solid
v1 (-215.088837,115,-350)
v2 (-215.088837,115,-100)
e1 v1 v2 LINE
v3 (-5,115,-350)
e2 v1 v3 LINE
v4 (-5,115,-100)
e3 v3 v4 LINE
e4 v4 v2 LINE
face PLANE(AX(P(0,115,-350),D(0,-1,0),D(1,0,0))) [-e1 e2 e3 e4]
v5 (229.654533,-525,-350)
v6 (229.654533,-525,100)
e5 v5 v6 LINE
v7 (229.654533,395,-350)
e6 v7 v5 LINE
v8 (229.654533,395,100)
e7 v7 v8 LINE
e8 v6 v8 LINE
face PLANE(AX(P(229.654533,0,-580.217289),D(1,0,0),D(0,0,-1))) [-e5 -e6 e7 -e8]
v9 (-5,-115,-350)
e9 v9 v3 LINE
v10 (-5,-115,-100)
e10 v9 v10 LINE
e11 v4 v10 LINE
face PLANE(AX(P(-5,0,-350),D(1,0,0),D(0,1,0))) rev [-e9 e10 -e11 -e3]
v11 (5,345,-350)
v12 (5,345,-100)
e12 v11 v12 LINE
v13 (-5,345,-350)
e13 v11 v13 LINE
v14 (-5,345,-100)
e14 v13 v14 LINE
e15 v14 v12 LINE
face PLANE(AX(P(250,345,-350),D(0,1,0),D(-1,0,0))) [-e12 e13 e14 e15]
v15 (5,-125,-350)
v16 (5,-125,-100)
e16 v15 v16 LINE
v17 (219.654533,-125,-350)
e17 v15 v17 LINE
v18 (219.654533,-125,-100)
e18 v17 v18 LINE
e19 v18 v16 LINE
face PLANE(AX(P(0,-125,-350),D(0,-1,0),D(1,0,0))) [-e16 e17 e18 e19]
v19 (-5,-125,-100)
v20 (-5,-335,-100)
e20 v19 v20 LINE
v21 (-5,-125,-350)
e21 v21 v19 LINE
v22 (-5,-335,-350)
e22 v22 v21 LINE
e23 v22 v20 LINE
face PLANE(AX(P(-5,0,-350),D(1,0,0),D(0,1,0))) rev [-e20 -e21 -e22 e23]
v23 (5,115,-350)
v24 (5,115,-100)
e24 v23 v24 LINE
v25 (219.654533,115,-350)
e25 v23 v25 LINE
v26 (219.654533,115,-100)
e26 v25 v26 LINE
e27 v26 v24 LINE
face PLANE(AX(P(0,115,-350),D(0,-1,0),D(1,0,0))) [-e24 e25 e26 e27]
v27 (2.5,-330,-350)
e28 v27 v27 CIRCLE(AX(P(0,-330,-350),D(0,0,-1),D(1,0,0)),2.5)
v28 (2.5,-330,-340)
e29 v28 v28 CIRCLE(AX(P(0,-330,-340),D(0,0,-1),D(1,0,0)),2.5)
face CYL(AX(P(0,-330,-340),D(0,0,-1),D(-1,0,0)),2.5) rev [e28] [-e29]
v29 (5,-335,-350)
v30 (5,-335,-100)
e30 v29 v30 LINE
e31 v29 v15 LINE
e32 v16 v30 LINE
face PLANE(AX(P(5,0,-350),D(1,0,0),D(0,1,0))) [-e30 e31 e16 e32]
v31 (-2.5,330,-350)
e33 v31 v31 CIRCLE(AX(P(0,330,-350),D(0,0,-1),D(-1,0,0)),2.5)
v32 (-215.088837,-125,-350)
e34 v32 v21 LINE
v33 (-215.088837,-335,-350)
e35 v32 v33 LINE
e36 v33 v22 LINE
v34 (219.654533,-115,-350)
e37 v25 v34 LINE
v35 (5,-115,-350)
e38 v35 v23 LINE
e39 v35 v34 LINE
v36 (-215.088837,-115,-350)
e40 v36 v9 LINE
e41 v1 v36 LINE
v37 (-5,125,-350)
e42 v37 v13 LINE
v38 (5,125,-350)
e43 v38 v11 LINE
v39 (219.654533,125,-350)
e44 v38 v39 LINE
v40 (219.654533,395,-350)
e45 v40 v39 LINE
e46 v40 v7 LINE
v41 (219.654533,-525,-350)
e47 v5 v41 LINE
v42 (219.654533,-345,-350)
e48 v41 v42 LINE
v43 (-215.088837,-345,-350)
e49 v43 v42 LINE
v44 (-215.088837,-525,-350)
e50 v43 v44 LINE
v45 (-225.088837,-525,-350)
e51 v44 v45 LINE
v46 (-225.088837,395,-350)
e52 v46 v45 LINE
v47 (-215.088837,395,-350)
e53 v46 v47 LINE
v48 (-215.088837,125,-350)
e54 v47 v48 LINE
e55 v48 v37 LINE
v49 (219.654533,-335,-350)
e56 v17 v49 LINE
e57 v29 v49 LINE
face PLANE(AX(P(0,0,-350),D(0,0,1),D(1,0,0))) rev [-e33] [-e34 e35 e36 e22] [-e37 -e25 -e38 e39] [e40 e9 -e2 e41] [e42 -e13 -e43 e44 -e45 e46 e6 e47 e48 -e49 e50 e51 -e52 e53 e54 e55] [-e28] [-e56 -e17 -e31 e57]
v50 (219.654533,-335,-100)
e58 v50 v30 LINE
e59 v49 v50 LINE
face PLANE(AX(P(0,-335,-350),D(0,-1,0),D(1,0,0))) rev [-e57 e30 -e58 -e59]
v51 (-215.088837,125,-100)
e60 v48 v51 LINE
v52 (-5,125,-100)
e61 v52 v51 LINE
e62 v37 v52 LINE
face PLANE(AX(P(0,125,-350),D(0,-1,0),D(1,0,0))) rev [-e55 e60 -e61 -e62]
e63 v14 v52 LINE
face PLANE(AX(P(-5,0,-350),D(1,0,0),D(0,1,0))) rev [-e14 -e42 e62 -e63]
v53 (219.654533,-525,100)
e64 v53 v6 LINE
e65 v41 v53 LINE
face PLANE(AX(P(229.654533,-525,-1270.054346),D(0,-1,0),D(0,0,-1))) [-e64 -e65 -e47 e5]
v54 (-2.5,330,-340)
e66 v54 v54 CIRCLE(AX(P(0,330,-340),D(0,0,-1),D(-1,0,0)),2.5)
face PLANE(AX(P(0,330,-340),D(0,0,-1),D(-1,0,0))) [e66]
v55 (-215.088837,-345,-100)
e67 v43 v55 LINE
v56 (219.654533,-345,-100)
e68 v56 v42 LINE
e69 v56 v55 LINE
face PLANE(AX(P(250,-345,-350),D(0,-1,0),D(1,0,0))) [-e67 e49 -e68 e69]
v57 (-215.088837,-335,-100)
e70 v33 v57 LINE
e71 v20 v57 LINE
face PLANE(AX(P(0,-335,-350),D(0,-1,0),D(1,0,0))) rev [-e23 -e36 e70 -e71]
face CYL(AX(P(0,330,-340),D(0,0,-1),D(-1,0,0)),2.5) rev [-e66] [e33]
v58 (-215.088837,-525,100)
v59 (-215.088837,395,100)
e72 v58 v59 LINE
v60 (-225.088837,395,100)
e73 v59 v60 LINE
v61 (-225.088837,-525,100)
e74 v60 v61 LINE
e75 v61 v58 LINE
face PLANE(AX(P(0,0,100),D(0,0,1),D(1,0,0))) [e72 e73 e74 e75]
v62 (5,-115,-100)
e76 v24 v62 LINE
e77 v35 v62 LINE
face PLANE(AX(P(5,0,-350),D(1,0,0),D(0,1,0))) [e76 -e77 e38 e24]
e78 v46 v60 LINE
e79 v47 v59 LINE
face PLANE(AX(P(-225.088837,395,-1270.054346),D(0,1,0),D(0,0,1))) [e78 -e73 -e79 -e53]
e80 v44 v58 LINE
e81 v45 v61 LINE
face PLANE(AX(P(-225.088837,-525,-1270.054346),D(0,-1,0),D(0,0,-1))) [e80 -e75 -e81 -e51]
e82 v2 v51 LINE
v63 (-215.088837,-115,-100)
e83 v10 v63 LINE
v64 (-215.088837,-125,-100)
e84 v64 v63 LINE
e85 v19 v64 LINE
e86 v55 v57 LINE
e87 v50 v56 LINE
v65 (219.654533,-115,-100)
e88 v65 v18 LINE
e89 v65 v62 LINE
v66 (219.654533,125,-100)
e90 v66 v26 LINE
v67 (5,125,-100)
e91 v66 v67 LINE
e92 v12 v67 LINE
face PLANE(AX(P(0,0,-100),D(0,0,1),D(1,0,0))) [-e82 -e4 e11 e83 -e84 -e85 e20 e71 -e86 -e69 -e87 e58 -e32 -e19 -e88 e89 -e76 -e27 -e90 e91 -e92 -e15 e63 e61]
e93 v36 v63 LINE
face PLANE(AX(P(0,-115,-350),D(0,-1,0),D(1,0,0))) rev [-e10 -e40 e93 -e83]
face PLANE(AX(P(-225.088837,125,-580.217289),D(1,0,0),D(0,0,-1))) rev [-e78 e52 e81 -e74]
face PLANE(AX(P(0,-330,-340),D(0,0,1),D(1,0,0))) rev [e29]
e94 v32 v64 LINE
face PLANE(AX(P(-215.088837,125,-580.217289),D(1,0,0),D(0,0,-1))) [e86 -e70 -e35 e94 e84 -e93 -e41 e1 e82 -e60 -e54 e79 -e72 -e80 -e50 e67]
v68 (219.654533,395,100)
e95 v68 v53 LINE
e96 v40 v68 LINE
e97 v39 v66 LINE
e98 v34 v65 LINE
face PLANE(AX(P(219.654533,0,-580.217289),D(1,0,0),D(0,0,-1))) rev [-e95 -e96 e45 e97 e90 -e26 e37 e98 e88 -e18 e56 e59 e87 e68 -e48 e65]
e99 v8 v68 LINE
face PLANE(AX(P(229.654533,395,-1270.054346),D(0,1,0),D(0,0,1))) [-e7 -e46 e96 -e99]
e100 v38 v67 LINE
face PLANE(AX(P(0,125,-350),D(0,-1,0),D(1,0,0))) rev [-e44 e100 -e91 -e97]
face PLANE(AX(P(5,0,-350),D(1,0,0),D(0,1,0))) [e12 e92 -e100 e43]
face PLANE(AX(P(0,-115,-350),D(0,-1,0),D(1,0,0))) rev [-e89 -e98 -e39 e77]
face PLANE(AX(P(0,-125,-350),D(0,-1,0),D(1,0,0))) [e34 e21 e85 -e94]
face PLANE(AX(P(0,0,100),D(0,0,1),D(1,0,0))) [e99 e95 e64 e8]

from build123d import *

# Parameters (mm, degrees)
CROQUIS1_W              = 500
CROQUIS1_H              = 690
SALIENTE_EXTRUIR1_DEPTH = 350
CROQUIS2_W              = 245
CROQUIS2_H              = 210
CROQUIS2_H_2            = 230
CROQUIS2_H_3            = 220
CORTAR_EXTRUIR5_DEPTH   = 552.38462075
CROQUIS6_R              = 2.5
CORTAR_EXTRUIR6_DEPTH   = 10
CROQUIS8_W              = 454.743369925
CROQUIS8_H              = 727.77201974
CORTAR_EXTRUIR7_DEPTH   = 100
CROQUIS10_W             = 10
CROQUIS10_H             = 230
CROQUIS10_H_2           = 210
CROQUIS10_H_3           = 220
SALIENTE_EXTRUIR2_DEPTH = 250
CROQUIS11_W             = 564.486110896
CROQUIS11_H             = 131.072073745
CORTAR_EXTRUIR8_DEPTH   = 638.102817448
CROQUIS12_W             = 20.345466795
CROQUIS12_H             = 250
CROQUIS12_W_2           = 24.91116328
CORTAR_EXTRUIR9_DEPTH   = 638.102817448
CROQUIS13_W             = 10
CROQUIS13_H             = 920
SALIENTE_EXTRUIR3_DEPTH = 250
CROQUIS15_W             = 10
CROQUIS15_H             = 920
SALIENTE_EXTRUIR4_DEPTH = 200


with BuildPart() as part:
    # Croquis1 → Saliente-Extruir1 (new body)
    with BuildSketch(Plane.XY):
        Rectangle(CROQUIS1_W, CROQUIS1_H)
    extrude(amount=-SALIENTE_EXTRUIR1_DEPTH)

    # Croquis2 → Cortar-Extruir5 (cut, through all)
    with BuildSketch(Plane.XY):
        with Locations((127.5, -230)):
            Rectangle(CROQUIS2_W, CROQUIS2_H)
        with Locations((-127.5, -230)):
            Rectangle(CROQUIS2_W, CROQUIS2_H)
        with Locations((127.5, 0)):
            Rectangle(CROQUIS2_W, CROQUIS2_H_2)
        with Locations((-127.5, 0)):
            Rectangle(CROQUIS2_W, CROQUIS2_H_2)
        with Locations((127.5, 235)):
            Rectangle(CROQUIS2_W, CROQUIS2_H_3)
        with Locations((-127.5, 235)):
            Rectangle(CROQUIS2_W, CROQUIS2_H_3)
    extrude(amount=-CORTAR_EXTRUIR5_DEPTH, mode=Mode.SUBTRACT)

    # Croquis6 → Cortar-Extruir6 (cut)
    with BuildSketch(Plane(origin=(0, 0, -350), x_dir=(-1, 0, 0), z_dir=(0, 0, -1))):
        with Locations((0, 330)):
            Circle(CROQUIS6_R)
        with Locations(Location((0, -330, 0), (0, 0, 180))):
            Circle(CROQUIS6_R)
    extrude(amount=-CORTAR_EXTRUIR6_DEPTH, mode=Mode.SUBTRACT)

    # Croquis8 → Cortar-Extruir7 (cut)
    with BuildSketch(Plane.XY):
        with Locations((2.282848242, -2.282848243)):
            Rectangle(CROQUIS8_W, CROQUIS8_H)
    extrude(amount=-CORTAR_EXTRUIR7_DEPTH, mode=Mode.SUBTRACT)

    # Croquis10 → Saliente-Extruir2 (add)
    with BuildSketch(Plane.XY.offset(-100)):
        Polygon((219.654533205, 345.243801015), (219.654533205, 125), (229.654533205, 125), (229.654533205, 345.045421076), align=None)
        with Locations((224.654533205, 0)):
            Rectangle(CROQUIS10_W, CROQUIS10_H)
        with Locations((224.654533205, -230)):
            Rectangle(CROQUIS10_W, CROQUIS10_H_2)
        with Locations((-220.08883672, -230)):
            Rectangle(CROQUIS10_W, CROQUIS10_H_2)
        with Locations((-220.08883672, 0)):
            Rectangle(CROQUIS10_W, CROQUIS10_H)
        with Locations((-220.08883672, 235)):
            Rectangle(CROQUIS10_W, CROQUIS10_H_3)
    extrude(amount=-SALIENTE_EXTRUIR2_DEPTH)

    # Croquis11 → Cortar-Extruir8 (cut, through all)
    with BuildSketch(Plane(origin=(0, 125, 0), x_dir=(1, 0, 0), z_dir=(0, 1, 0))):
        with Locations((-2.812204357, 34.463963128)):
            Rectangle(CROQUIS11_W, CROQUIS11_H)
    extrude(amount=-CORTAR_EXTRUIR8_DEPTH, mode=Mode.SUBTRACT)

    # Croquis12 → Cortar-Extruir9 (cut, through all)
    with BuildSketch(Plane(origin=(0, 125, 0), x_dir=(1, 0, 0), z_dir=(0, 1, 0))):
        with Locations((239.827266603, 225)):
            Rectangle(CROQUIS12_W, CROQUIS12_H)
        with Locations((-237.54441836, 225)):
            Rectangle(CROQUIS12_W_2, CROQUIS12_H)
    extrude(amount=-CORTAR_EXTRUIR9_DEPTH, mode=Mode.SUBTRACT)

    # Croquis13 → Saliente-Extruir3 (add)
    with BuildSketch(Plane.XY.offset(-100)):
        with Locations((224.654533205, -65)):
            Rectangle(CROQUIS13_W, CROQUIS13_H)
        with Locations((-220.08883672, -65)):
            Rectangle(CROQUIS13_W, CROQUIS13_H)
    extrude(amount=-SALIENTE_EXTRUIR3_DEPTH)

    # Croquis15 → Saliente-Extruir4 (add)
    with BuildSketch(Plane.XY.offset(-100)):
        with Locations((224.654533205, -65)):
            Rectangle(CROQUIS15_W, CROQUIS15_H)
        with Locations((-220.08883672, -65)):
            Rectangle(CROQUIS15_W, CROQUIS15_H)
    extrude(amount=SALIENTE_EXTRUIR4_DEPTH)


solid = part.part
